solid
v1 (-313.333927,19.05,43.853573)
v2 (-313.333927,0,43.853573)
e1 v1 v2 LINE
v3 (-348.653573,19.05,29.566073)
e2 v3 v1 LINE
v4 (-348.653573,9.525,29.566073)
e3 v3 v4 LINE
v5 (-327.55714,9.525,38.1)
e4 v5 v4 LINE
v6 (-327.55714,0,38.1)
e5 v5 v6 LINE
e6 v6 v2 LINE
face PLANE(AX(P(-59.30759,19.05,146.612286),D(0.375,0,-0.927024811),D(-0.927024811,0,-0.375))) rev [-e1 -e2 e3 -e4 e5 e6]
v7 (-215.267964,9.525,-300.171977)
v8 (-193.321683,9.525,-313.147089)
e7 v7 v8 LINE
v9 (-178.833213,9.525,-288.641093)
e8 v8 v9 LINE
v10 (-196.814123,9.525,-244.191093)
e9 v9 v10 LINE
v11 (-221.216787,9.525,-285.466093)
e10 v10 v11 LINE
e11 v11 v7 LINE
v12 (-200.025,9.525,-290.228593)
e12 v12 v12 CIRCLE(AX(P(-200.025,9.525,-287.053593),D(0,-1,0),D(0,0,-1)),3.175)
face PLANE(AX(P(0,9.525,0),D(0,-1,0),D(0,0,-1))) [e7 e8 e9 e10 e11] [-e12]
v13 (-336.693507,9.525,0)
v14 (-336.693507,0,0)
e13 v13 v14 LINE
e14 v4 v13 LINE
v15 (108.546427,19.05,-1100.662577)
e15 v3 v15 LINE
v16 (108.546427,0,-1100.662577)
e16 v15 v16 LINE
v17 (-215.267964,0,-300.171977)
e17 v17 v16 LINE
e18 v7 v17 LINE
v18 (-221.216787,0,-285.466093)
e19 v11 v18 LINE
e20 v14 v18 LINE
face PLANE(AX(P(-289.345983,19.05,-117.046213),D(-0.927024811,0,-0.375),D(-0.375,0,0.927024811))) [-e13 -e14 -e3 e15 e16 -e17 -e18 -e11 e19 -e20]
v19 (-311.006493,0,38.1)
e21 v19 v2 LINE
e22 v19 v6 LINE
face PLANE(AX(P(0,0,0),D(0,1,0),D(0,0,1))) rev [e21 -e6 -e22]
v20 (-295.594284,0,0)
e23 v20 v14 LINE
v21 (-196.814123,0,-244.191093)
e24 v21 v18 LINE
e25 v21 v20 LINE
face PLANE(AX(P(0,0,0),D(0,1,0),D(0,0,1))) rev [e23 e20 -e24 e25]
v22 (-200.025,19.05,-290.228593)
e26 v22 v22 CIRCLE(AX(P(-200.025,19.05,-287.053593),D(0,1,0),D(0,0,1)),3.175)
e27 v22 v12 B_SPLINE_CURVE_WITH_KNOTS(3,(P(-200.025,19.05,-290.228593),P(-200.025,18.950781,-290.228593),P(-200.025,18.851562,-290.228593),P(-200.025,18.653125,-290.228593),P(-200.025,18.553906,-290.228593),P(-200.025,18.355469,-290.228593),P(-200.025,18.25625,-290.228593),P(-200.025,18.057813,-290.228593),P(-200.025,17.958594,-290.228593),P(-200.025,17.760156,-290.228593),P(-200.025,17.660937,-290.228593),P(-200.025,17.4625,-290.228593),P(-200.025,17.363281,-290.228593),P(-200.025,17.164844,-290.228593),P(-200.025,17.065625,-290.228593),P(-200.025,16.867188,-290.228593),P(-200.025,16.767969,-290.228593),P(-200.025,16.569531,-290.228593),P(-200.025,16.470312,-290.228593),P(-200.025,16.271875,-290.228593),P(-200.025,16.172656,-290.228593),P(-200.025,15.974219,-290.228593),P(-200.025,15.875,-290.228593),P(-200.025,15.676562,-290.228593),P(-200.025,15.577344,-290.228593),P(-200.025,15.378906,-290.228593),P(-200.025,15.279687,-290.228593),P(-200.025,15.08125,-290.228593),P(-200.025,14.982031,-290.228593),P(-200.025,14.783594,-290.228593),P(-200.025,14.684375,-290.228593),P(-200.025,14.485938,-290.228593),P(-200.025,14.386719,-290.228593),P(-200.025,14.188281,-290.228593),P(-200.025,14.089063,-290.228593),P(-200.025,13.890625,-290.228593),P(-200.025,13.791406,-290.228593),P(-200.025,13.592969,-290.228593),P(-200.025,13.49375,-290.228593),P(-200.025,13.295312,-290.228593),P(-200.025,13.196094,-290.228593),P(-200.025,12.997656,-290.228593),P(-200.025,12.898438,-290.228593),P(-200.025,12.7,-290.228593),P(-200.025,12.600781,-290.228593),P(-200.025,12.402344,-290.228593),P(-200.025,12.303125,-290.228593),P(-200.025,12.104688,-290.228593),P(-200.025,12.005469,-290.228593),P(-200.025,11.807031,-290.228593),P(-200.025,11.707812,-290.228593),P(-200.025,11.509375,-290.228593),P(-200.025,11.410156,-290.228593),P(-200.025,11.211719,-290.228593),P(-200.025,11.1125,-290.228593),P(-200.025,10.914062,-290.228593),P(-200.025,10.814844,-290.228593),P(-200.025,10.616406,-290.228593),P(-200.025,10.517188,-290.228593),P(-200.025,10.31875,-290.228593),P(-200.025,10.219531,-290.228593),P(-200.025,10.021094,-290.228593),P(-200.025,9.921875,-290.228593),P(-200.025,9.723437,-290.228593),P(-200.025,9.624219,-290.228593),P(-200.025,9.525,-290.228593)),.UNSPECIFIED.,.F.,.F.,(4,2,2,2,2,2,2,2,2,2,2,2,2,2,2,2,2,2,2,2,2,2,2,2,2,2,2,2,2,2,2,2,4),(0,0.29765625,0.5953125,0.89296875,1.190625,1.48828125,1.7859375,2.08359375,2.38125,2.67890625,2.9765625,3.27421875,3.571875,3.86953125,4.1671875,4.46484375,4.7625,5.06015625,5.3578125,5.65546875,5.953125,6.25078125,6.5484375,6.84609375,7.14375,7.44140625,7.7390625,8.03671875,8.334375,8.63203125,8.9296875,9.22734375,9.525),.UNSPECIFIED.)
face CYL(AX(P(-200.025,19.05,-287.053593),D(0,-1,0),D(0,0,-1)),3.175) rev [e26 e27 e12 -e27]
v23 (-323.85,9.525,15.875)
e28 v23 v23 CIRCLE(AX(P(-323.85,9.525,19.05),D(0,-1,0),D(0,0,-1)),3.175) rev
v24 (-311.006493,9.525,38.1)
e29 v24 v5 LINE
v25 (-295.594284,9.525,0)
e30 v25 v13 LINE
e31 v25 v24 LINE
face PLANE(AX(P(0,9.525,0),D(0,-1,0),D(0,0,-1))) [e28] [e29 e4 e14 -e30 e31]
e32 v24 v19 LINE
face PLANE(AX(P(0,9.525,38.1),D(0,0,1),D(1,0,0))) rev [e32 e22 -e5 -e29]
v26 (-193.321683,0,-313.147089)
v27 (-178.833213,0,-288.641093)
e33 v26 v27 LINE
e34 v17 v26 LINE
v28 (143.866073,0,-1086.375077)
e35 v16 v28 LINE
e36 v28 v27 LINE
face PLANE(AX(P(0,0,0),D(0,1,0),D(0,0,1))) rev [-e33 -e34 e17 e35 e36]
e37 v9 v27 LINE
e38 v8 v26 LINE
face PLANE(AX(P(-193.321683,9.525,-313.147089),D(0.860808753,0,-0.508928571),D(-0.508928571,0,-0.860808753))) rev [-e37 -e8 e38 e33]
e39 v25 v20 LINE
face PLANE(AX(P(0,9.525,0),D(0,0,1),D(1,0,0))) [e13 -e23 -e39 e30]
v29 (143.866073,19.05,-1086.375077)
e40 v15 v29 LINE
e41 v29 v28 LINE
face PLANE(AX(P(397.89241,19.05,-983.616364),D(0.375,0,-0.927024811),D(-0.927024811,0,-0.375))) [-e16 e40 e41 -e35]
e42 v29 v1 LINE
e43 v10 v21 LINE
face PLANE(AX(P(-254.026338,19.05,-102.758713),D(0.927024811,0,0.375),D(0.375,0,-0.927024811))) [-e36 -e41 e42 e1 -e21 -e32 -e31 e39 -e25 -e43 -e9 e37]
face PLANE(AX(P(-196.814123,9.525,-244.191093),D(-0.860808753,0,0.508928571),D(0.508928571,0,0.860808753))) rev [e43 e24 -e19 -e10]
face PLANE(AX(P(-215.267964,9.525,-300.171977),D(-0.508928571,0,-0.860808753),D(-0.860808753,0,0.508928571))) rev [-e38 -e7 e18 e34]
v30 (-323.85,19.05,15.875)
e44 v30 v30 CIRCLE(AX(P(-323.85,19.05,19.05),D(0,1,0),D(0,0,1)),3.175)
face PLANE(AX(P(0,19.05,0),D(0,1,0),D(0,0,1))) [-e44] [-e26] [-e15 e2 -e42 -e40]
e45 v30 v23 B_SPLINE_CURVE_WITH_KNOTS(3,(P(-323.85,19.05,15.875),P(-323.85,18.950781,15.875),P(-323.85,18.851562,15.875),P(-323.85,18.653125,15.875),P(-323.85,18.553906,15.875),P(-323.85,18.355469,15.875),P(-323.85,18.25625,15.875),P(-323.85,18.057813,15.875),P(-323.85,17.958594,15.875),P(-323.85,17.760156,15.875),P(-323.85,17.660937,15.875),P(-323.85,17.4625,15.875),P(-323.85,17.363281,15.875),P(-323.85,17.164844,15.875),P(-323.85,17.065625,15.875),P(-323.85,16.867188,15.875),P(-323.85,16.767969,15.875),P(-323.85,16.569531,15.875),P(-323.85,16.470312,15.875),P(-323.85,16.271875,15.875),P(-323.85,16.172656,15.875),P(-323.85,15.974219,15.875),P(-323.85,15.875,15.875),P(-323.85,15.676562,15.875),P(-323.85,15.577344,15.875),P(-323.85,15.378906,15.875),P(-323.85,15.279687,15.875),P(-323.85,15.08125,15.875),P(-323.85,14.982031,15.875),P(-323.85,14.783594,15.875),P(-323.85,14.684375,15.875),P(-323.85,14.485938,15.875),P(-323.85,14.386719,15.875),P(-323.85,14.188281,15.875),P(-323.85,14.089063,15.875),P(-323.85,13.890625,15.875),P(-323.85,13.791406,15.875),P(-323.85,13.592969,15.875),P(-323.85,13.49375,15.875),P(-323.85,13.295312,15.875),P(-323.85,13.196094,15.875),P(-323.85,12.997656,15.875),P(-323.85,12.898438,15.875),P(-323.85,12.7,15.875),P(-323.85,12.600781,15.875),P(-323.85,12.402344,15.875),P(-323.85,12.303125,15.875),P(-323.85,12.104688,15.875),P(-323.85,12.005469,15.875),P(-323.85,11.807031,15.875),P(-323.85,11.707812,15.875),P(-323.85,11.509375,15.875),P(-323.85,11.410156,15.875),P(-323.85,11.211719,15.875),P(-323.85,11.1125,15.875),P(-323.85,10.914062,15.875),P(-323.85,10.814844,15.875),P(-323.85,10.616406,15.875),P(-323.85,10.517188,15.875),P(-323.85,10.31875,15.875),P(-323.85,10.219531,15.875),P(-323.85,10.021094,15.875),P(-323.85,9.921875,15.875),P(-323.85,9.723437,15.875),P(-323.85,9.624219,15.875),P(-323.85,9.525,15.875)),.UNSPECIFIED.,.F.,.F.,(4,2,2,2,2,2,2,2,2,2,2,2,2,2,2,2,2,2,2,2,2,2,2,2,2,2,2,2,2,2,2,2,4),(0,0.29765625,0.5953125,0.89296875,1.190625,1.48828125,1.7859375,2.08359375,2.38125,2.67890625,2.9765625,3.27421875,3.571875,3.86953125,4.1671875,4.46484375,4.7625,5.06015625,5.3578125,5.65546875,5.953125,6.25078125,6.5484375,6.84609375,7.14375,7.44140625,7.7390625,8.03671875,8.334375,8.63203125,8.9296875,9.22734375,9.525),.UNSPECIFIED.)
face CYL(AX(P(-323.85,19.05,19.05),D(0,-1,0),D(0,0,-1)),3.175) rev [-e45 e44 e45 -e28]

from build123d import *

# Parameters (mm, degrees)
BOSS_EXTRUDE3_DEPTH = 19.05
SKETCH6_R           = 3.175
CUT_EXTRUDE3_DEPTH  = 9.525
CUT_EXTRUDE4_DEPTH  = 9.525


with BuildPart() as part:
    # Sketch2 → Boss-Extrude3 (new body)
    with BuildSketch(Plane(origin=(0, 0, 0), x_dir=(1, 0, 0), z_dir=(0, 1, 0))):
        Polygon((-336.69350738, 0), (-316.143895572, 0), (-209.015455166, 264.828592555), (-221.216787177, 285.466092555), align=None)
        Polygon((-316.143895572, 0), (-295.594283764, 0), (-196.814123155, 244.191092555), (-209.015455166, 264.828592555), align=None)
        with BuildLine():
            Line((-322.659375, -16.106696225), (-316.143895572, 0))
            Line((-316.143895572, 0), (-336.69350738, 0))
            Line((-336.69350738, 0), (-341.509822647, -11.90625))
            Line((-341.509822647, -11.90625), (-326.793303775, -17.859375))
            ThreePointArc((-326.793303775, -17.859375), (-325.089331047, -16.126870931), (-322.659375, -16.106696225))
        make_face()
        with BuildLine():
            Line((-303.300388192, -19.05), (-295.594283764, 0))
            Line((-295.594283764, 0), (-316.143895572, 0))
            Line((-316.143895572, 0), (-322.659375, -16.106696225))
            ThreePointArc((-322.659375, -16.106696225), (-321.217429073, -17.275121043), (-320.675, -19.05))
            Line((-320.675, -19.05), (-303.300388192, -19.05))
        make_face()
        with BuildLine():
            Line((-327.557139607, -38.1), (-311.00649262, -38.1))
            Line((-311.00649262, -38.1), (-306.190177353, -26.19375))
            Line((-306.190177353, -26.19375), (-320.906696225, -20.240625))
            ThreePointArc((-320.906696225, -20.240625), (-325.040625, -21.993303775), (-326.793303775, -17.859375))
            Line((-326.793303775, -17.859375), (-341.509822647, -11.90625))
            Line((-341.509822647, -11.90625), (-348.653572647, -29.566072647))
            Line((-348.653572647, -29.566072647), (-327.557139607, -38.1))
        make_face()
        with BuildLine():
            Line((-320.906696225, -20.240625), (-306.190177353, -26.19375))
            Line((-306.190177353, -26.19375), (-303.300388192, -19.05))
            Line((-303.300388192, -19.05), (-320.675, -19.05))
            ThreePointArc((-320.675, -19.05), (-320.733462299, -19.656479808), (-320.906696225, -20.240625))
        make_face()
        Polygon((-313.333927353, -43.853572647), (-311.00649262, -38.1), (-327.557139607, -38.1), align=None)
        Polygon((-183.626593256, 296.748681841), (-178.833212823, 288.641092555), (143.866072647, 1086.375076786), (108.546427353, 1100.662576786), (-215.267964049, 300.171976915), (-193.321682542, 313.147088585), align=None)
        with BuildLine():
            Line((-196.814123155, 244.191092555), (-187.823667989, 266.416092555))
            Line((-187.823667989, 266.416092555), (-198.409151786, 284.320524764))
            ThreePointArc((-198.409151786, 284.320524764), (-199.787821823, 283.887463765), (-201.215625, 284.11028878))
            Line((-201.215625, 284.11028878), (-209.015455166, 264.828592555))
            Line((-209.015455166, 264.828592555), (-196.814123155, 244.191092555))
        make_face()
        with BuildLine():
            Line((-197.291932209, 288.669440769), (-183.626593256, 296.748681841))
            Line((-183.626593256, 296.748681841), (-193.321682542, 313.147088585))
            Line((-193.321682542, 313.147088585), (-215.267964049, 300.171976915))
            Line((-215.267964049, 300.171976915), (-221.216787177, 285.466092555))
            Line((-221.216787177, 285.466092555), (-209.015455166, 264.828592555))
            Line((-209.015455166, 264.828592555), (-201.215625, 284.11028878))
            ThreePointArc((-201.215625, 284.11028878), (-202.431501435, 289.124673395), (-197.291932209, 288.669440769))
        make_face()
        with BuildLine():
            Line((-187.823667989, 266.416092555), (-178.833212823, 288.641092555))
            Line((-178.833212823, 288.641092555), (-183.626593256, 296.748681841))
            Line((-183.626593256, 296.748681841), (-197.291932209, 288.669440769))
            ThreePointArc((-197.291932209, 288.669440769), (-196.962475287, 287.891188748), (-196.85, 287.053592555))
            ThreePointArc((-196.85, 287.053592555), (-197.26719806, 285.480330511), (-198.409151786, 284.320524764))
            Line((-198.409151786, 284.320524764), (-187.823667989, 266.416092555))
        make_face()
    extrude(amount=BOSS_EXTRUDE3_DEPTH)

    # Sketch6 → Cut-Extrude3 (cut)
    with BuildSketch(Plane.XZ):
        Polygon((-327.557139607, 38.1), (-348.653572647, 29.566072647), (-336.69350738, 0), (-295.594283764, 0), (-311.00649262, 38.1), align=None)
        with Locations(Location((-323.85, 19.05, 0), (0, 0, 270))):
            Circle(SKETCH6_R, mode=Mode.SUBTRACT)
    extrude(amount=-CUT_EXTRUDE3_DEPTH, mode=Mode.SUBTRACT)

    # Sketch7 → Cut-Extrude4 (cut)
    with BuildSketch(Plane.XZ):
        Polygon((-196.814123155, -244.191092555), (-221.216787177, -285.466092555), (-215.267964049, -300.171976915), (-193.321682542, -313.147088585), (-178.833212823, -288.641092555), align=None)
    extrude(amount=-CUT_EXTRUDE4_DEPTH, mode=Mode.SUBTRACT)


solid = part.part
